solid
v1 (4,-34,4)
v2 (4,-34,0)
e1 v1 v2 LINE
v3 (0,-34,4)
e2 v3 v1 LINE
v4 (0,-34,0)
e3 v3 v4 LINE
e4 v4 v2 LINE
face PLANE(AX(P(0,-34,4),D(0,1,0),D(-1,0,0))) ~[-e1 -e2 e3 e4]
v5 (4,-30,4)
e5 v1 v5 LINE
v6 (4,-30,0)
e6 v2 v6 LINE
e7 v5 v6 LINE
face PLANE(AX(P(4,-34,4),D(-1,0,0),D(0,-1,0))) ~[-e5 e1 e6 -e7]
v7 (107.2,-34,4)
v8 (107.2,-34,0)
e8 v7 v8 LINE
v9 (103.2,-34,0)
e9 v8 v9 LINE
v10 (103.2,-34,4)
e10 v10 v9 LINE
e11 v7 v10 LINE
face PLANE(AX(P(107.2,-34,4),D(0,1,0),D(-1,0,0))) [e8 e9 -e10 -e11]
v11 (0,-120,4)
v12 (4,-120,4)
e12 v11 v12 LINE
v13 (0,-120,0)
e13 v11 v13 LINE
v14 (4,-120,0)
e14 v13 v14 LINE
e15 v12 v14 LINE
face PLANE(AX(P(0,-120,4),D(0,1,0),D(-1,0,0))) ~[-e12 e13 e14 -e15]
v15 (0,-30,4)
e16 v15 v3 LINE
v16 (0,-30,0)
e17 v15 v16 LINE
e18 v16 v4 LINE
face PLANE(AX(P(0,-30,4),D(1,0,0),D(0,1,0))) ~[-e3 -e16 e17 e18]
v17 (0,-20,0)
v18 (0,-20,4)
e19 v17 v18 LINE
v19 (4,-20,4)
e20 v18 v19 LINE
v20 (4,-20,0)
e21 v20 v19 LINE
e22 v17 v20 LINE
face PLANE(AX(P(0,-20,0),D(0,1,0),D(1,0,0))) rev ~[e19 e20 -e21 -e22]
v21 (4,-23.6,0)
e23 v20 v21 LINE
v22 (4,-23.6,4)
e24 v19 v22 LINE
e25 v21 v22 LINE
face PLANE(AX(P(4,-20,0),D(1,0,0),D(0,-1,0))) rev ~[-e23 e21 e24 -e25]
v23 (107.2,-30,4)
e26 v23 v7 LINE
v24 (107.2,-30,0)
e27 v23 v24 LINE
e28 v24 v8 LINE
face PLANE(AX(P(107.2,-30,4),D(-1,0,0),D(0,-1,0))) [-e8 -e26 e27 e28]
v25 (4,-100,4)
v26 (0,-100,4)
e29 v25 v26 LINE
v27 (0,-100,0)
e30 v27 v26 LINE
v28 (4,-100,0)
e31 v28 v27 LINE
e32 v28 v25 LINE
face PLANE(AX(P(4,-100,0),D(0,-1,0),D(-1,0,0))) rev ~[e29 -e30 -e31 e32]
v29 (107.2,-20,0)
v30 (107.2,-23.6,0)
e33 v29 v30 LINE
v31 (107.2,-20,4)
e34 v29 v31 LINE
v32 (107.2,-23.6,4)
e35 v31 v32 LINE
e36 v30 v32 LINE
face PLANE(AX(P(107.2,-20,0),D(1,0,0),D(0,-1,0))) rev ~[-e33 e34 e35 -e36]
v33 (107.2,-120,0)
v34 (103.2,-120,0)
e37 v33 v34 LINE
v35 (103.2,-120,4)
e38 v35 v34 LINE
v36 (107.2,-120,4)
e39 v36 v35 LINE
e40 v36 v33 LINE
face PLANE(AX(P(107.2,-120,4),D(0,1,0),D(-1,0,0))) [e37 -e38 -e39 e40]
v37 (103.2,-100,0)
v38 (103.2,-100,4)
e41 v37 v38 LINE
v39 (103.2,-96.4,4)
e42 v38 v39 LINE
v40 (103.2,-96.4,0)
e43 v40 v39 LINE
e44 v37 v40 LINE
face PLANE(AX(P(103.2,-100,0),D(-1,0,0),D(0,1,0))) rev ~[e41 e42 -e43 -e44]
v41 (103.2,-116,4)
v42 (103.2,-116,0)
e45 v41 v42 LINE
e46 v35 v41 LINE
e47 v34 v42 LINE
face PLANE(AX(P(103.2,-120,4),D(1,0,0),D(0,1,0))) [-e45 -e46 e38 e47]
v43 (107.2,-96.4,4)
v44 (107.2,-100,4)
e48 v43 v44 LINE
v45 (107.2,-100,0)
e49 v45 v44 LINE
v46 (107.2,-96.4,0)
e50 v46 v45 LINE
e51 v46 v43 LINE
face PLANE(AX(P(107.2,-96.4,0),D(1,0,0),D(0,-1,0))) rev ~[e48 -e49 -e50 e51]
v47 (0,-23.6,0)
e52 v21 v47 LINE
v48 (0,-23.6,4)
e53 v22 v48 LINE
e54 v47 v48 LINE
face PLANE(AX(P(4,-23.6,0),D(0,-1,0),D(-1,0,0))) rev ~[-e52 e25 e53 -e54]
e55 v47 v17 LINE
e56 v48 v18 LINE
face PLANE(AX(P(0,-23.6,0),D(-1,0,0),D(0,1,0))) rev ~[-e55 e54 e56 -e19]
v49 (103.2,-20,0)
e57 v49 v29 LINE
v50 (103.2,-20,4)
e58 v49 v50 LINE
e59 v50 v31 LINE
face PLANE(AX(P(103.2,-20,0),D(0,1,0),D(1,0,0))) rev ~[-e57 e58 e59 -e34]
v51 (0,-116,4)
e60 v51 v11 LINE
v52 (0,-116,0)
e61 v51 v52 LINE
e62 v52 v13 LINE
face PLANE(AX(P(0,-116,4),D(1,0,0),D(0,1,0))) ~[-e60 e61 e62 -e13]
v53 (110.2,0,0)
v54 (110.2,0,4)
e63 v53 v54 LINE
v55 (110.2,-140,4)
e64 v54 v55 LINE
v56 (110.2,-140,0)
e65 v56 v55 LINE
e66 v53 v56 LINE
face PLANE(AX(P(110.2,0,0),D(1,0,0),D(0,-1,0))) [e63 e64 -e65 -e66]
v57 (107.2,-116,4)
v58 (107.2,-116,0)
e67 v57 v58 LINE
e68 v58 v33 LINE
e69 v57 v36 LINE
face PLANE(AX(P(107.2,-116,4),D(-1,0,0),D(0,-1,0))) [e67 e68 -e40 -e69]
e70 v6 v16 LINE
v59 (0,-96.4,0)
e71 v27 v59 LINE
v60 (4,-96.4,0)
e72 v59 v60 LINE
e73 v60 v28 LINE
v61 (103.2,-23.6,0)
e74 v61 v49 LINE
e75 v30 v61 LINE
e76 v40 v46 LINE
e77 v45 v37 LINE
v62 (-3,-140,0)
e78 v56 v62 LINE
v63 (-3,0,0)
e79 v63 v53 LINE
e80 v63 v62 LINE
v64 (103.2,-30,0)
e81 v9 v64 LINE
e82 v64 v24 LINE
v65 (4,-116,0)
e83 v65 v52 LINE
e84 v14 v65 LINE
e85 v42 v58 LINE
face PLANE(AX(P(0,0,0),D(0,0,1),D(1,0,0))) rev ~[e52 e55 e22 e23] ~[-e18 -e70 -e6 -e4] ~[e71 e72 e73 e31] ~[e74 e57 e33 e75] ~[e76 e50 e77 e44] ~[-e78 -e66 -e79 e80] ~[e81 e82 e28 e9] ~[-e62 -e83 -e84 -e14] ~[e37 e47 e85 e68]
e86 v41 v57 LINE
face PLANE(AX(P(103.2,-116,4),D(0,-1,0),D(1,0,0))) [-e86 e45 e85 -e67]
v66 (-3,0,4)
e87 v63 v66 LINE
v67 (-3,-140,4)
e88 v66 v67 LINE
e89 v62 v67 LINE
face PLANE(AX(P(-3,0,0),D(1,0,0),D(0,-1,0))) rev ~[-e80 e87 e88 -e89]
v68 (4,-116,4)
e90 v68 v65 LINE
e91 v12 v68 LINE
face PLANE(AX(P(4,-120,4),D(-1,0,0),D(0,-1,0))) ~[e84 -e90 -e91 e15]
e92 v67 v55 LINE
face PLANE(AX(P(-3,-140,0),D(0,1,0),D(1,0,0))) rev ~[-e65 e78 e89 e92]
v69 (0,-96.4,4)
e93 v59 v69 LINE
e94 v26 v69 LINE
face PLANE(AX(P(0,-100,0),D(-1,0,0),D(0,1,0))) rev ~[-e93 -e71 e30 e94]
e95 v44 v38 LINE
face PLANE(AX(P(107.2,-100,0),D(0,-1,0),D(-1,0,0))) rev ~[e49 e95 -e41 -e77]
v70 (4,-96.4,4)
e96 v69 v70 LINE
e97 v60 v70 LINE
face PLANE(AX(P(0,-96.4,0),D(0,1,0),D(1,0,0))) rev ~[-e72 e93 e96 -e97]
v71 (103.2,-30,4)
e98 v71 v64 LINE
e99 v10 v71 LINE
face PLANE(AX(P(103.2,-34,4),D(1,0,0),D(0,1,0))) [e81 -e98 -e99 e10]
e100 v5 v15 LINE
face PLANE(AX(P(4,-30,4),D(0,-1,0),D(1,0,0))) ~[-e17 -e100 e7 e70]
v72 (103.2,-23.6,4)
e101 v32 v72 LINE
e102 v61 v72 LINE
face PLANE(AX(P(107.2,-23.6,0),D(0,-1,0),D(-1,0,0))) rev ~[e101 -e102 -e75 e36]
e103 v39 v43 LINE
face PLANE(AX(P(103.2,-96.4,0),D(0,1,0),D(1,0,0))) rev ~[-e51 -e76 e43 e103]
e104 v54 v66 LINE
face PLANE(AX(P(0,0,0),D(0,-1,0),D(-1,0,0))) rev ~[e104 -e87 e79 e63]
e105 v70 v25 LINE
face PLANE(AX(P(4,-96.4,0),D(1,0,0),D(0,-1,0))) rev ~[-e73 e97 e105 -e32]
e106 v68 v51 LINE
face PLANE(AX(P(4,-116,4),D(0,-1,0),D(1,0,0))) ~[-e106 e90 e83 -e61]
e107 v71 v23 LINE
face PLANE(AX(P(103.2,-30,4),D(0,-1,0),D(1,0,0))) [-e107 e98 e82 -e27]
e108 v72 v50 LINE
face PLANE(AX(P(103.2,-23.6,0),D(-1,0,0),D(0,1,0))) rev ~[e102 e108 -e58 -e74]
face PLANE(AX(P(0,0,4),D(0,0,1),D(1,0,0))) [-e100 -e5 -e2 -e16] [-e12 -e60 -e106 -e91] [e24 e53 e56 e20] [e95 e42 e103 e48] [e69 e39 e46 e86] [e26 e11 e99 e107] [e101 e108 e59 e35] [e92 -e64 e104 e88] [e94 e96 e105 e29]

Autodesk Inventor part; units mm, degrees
ref_plane "YZ Plane" through (0, 0, 0) normal (1, 0, 0) x (0, 1, 0)
ref_plane "XZ Plane" through (0, 0, 0) normal (0, 1, 0) x (-1, 0, 0)
sketch "Sketch1" plane through (0, 0, 0) normal (0, 0, 1) x (1, 0, 0)
  line L0 (0, -20) -> (0, 0)
  line L1 (0, -96.4) -> (0, -23.6)
  line L2 (4, -23.6) -> (0, -23.6)
  line L3 (0, -20) -> (4, -20)
  line L4 (4, 0) -> (0, 0)
  line L5 (0, -140) -> (0, -100)
  line L6 (0, -96.4) -> (4, -96.4)
  line L7 (4, -100) -> (0, -100)
  line L8 (4, -140) -> (0, -140)
  line L9 (107.2, -23.6) -> (107.2, -96.4)
  line L10 (107.2, -100) -> (107.2, -140)
  line L11 (107.2, -100) -> (103.2, -100)
  line L12 (103.2, -96.4) -> (107.2, -96.4)
  line L13 (103.2, -140) -> (107.2, -140)
  line L14 (103.2, -20) -> (107.2, -20)
  line L15 (107.2, 0) -> (107.2, -20)
  line L16 (103.2, 0) -> (107.2, 0)
  line L17 (4, 0) -> (103.2, 0)
  line L18 (4, -140) -> (103.2, -140)
  line L19 (0, -20) -> (4, -20)
  line L20 (4, -20) -> (4, -23.6)
  line L21 (4, -23.6) -> (0, -23.6)
  line L22 (0, -23.6) -> (0, -20)
  line L23 (0, -96.4) -> (4, -96.4)
  line L24 (4, -96.4) -> (4, -100)
  line L25 (4, -100) -> (0, -100)
  line L26 (0, -100) -> (0, -96.4)
  line L27 (103.2, -96.4) -> (107.2, -96.4)
  line L28 (107.2, -96.4) -> (107.2, -100)
  line L29 (107.2, -100) -> (103.2, -100)
  line L30 (103.2, -100) -> (103.2, -96.4)
  line L31 (103.2, -20) -> (107.2, -20)
  line L32 (107.2, -20) -> (107.2, -23.6)
  line L33 (107.2, -23.6) -> (103.2, -23.6)
  line L34 (103.2, -23.6) -> (103.2, -20)
  line L35 (0, 0) -> (-3, 0)
  line L36 (-3, 0) -> (-3, -140)
  line L37 (-3, -140) -> (0, -140)
  line L38 (0, -140) -> (0, 0)
  line L39 (107.2, 0) -> (110.2, 0)
  line L40 (110.2, 0) -> (110.2, -140)
  line L41 (110.2, -140) -> (107.2, -140)
  line L42 (107.2, -140) -> (107.2, 0)
  point P0 (0, 0)
  dimension "d0" = 3
  dimension "d1" = 3
extrude "Extrusion1" add sketch "Sketch1" along normal blind 4 contours L22 L1 L26 L5 L37 L36 L35 L0 | L0 L4 L17 L16 L15 L14 L34 L33 L9 L12 L30 L11 L10 L13 L18 L8 L5 L7 L24 L6 L1 L2 L20 L3 | L39 L40 L41 L10 L28 L9 L32 L15
sketch "Sketch2" plane through (0, 0, 4) normal (0, 0, 1) x (1, 0, 0)
  line L0 (107.2, -20) -> (107.2, -23.6) projected
  line L1 (107.2, -23.6) -> (103.2, -23.6) projected
  line L2 (103.2, -23.6) -> (103.2, -20) projected
  line L3 (103.2, -20) -> (107.2, -20) projected
  line L4 (107.2, -96.4) -> (107.2, -100) projected
  line L5 (107.2, -100) -> (103.2, -100) projected
  line L6 (103.2, -100) -> (103.2, -96.4) projected
  line L7 (103.2, -96.4) -> (107.2, -96.4) projected
  line L8 (0, -96.4) -> (4, -96.4) projected
  line L9 (4, -96.4) -> (4, -100) projected
  line L10 (4, -100) -> (0, -100) projected
  line L11 (0, -100) -> (0, -96.4) projected
  line L12 (0, -23.6) -> (0, -20) projected
  line L13 (0, -20) -> (4, -20) projected
  line L14 (4, -20) -> (4, -23.6) projected
  line L15 (4, -23.6) -> (0, -23.6) projected
  line L16 (110.2, 0) -> (-3, 0) projected
  line L17 (-3, 0) -> (-3, -140) projected
  line L18 (-3, -140) -> (110.2, -140) projected
  line L19 (110.2, -140) -> (110.2, 0) projected
  line L20 (107.2, -120) -> (103.2, -120)
  line L21 (103.2, -120) -> (103.2, -116)
  line L22 (103.2, -116) -> (107.2, -116)
  line L23 (107.2, -116) -> (107.2, -120)
  line L24 (107.2, -120) -> (103.2, -116) construction
  line L25 (103.2, -120) -> (107.2, -116) construction
  line L26 (107.2, -34) -> (103.2, -34)
  line L27 (103.2, -34) -> (103.2, -30)
  line L28 (103.2, -30) -> (107.2, -30)
  line L29 (107.2, -30) -> (107.2, -34)
  line L30 (107.2, -34) -> (103.2, -30) construction
  line L31 (103.2, -34) -> (107.2, -30) construction
  point P0 (0, 0)
  point P1 (105.2, -118)
  point P2 (105.2, -32)
  dimension "d4" = 4
  dimension "d5" = 20
  dimension "d6" = 4
  dimension "d7" = 4
  dimension "d8" = 30
extrude "Extrusion2" cut sketch "Sketch2" against normal blind 10 contours L20 L21 L22 L23 | L26 L27 L28 L29
ref_plane "Work Plane1" through (53.6, -140, 0) normal (1, 0, 0) x (0, 0, -1)
mirror "Mirror1" about plane through (53.6, -140, 0) normal (1, 0, 0) of "Extrusion2"
properties part number "P3"
